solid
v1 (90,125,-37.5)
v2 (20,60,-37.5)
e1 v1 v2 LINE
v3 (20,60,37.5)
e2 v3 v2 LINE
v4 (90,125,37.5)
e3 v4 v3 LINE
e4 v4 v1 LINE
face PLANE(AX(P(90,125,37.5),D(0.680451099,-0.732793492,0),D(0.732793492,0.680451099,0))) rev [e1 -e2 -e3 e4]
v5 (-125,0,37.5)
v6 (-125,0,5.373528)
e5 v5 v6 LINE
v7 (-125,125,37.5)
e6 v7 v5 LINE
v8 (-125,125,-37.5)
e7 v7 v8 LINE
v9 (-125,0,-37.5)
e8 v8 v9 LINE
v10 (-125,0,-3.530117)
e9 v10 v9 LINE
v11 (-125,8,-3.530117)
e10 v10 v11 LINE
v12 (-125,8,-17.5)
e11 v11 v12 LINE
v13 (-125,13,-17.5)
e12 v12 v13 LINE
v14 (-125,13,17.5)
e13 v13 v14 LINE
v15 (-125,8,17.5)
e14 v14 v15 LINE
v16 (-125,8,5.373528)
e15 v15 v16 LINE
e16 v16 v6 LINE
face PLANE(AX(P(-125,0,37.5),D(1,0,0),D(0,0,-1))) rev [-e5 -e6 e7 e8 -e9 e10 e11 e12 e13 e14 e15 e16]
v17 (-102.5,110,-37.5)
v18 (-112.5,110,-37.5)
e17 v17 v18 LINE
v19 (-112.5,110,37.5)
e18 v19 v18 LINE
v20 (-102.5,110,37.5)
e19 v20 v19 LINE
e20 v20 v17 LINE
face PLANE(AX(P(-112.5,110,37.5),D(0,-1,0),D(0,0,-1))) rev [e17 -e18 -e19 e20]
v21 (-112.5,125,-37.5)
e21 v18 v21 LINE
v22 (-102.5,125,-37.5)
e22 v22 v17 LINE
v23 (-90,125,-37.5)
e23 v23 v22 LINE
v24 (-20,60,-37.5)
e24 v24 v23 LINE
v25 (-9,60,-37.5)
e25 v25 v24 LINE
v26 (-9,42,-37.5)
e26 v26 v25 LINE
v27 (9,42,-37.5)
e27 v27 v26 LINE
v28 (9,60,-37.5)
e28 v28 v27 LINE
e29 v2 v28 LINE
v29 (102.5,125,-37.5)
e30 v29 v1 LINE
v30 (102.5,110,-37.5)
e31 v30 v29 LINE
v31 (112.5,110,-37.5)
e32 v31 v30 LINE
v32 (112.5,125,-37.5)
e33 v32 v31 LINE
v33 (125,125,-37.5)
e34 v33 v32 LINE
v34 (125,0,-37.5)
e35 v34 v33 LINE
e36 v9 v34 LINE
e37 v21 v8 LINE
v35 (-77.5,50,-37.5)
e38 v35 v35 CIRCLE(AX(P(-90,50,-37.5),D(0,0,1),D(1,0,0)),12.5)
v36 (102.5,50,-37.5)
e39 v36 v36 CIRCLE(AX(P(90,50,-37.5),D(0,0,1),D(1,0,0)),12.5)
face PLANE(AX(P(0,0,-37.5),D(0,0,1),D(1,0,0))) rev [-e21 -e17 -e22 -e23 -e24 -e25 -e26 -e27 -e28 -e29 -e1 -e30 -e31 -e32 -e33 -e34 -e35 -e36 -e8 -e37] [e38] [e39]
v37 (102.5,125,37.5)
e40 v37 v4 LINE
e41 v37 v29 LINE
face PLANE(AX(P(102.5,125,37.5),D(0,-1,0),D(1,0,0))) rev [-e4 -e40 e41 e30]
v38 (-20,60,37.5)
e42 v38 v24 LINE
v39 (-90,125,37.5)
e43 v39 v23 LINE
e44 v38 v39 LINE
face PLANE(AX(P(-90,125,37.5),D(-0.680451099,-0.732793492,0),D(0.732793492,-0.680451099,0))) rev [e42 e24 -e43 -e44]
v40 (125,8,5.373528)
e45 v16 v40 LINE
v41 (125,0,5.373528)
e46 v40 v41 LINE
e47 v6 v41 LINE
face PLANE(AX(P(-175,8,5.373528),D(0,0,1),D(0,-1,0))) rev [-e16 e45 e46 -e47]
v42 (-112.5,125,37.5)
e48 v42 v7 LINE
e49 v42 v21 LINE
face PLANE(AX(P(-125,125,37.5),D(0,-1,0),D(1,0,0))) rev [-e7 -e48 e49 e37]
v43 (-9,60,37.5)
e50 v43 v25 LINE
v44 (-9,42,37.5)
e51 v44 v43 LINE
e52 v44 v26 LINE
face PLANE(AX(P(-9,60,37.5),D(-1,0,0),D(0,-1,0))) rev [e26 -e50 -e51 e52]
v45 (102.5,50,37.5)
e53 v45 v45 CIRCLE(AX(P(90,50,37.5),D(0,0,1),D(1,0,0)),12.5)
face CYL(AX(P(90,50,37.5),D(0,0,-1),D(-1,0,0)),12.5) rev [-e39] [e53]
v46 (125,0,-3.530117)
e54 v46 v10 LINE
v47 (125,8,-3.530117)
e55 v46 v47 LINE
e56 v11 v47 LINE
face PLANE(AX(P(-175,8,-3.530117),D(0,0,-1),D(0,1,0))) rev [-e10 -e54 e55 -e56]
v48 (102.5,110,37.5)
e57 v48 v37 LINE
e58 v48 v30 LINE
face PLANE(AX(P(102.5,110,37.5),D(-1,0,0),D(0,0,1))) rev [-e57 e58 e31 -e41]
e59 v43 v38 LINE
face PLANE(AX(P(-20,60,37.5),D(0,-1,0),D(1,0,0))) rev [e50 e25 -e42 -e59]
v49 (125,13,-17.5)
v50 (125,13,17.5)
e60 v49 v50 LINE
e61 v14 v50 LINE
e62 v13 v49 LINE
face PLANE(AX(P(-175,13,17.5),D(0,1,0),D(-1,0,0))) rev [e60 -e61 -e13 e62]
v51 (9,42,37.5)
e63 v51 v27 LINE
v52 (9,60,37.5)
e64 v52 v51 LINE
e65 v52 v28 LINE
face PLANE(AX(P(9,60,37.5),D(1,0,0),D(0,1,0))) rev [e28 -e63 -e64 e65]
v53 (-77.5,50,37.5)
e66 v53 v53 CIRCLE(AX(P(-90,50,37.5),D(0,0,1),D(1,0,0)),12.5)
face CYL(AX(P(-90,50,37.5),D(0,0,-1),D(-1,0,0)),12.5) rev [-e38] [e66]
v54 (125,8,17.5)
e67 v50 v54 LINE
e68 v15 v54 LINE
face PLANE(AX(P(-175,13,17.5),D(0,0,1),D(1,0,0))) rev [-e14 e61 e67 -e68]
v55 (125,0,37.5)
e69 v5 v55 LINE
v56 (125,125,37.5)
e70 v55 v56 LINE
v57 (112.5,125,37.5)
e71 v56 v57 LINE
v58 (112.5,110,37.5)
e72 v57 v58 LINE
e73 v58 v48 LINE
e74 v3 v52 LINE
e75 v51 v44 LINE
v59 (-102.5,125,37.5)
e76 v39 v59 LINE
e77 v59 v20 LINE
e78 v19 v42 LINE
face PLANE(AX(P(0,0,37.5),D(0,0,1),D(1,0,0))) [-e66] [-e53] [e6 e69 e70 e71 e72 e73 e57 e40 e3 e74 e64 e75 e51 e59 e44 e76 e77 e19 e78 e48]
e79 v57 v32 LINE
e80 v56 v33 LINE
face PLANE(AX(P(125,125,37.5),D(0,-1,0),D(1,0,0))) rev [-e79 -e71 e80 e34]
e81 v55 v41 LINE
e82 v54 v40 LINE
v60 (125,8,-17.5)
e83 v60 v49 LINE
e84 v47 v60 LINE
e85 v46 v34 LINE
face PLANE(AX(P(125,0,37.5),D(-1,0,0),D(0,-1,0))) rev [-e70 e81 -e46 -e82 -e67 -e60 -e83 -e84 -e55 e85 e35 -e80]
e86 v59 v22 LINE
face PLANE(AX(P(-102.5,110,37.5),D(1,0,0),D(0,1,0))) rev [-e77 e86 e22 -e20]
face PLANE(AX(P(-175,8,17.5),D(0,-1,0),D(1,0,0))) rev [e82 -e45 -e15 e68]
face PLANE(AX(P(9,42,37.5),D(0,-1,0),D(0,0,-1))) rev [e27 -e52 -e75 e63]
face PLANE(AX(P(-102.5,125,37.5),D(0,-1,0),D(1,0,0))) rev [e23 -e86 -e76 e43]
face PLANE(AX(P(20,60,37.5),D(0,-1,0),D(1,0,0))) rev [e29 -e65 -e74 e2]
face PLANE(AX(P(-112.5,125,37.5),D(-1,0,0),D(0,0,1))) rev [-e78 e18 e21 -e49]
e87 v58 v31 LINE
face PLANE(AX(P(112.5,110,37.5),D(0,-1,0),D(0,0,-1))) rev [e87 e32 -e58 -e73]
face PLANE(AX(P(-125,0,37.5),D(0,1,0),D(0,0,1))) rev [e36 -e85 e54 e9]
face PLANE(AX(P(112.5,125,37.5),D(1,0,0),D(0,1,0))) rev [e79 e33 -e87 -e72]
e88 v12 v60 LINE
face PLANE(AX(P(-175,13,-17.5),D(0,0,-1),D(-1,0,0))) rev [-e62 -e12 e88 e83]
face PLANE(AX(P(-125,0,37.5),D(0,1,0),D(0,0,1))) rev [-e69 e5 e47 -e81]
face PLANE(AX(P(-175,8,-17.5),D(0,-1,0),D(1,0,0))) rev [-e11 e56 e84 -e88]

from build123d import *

# Parameters (mm, degrees)
SKETCH2_R           = 12.5
BOSS_EXTRUDE1_DEPTH = 37.5
CUT_EXTRUDE1_DEPTH  = 300


with BuildPart() as part:
    # Sketch2 → Boss-Extrude1 (new body, symmetric)
    with BuildSketch(Plane.XY):
        Polygon((-125, 0), (125, 0), (125, 125), (112.5, 125), (112.5, 110), (102.5, 110), (102.5, 125), (90, 125), (20, 60), (9, 60), (9, 42), (-9, 42), (-9, 60), (-20, 60), (-90, 125), (-102.5, 125), (-102.5, 110), (-112.5, 110), (-112.5, 125), (-125, 125), align=None)
        with Locations((-90, 50)):
            Circle(SKETCH2_R, mode=Mode.SUBTRACT)
        with Locations((90, 50)):
            Circle(SKETCH2_R, mode=Mode.SUBTRACT)
    extrude(amount=BOSS_EXTRUDE1_DEPTH, both=True)

    # Sketch3 → Cut-Extrude1 (cut)
    with BuildSketch(Plane(origin=(125, 0, 0), x_dir=(0, 0, -1), z_dir=(1, 0, 0))):
        Polygon((-17.5, 13), (17.5, 13), (17.5, 8), (3.530117055, 8), (3.530117055, 0), (-5.373528479, 0), (-5.373528479, 8), (-17.5, 8), align=None)
    extrude(amount=-CUT_EXTRUDE1_DEPTH, mode=Mode.SUBTRACT)


solid = part.part
